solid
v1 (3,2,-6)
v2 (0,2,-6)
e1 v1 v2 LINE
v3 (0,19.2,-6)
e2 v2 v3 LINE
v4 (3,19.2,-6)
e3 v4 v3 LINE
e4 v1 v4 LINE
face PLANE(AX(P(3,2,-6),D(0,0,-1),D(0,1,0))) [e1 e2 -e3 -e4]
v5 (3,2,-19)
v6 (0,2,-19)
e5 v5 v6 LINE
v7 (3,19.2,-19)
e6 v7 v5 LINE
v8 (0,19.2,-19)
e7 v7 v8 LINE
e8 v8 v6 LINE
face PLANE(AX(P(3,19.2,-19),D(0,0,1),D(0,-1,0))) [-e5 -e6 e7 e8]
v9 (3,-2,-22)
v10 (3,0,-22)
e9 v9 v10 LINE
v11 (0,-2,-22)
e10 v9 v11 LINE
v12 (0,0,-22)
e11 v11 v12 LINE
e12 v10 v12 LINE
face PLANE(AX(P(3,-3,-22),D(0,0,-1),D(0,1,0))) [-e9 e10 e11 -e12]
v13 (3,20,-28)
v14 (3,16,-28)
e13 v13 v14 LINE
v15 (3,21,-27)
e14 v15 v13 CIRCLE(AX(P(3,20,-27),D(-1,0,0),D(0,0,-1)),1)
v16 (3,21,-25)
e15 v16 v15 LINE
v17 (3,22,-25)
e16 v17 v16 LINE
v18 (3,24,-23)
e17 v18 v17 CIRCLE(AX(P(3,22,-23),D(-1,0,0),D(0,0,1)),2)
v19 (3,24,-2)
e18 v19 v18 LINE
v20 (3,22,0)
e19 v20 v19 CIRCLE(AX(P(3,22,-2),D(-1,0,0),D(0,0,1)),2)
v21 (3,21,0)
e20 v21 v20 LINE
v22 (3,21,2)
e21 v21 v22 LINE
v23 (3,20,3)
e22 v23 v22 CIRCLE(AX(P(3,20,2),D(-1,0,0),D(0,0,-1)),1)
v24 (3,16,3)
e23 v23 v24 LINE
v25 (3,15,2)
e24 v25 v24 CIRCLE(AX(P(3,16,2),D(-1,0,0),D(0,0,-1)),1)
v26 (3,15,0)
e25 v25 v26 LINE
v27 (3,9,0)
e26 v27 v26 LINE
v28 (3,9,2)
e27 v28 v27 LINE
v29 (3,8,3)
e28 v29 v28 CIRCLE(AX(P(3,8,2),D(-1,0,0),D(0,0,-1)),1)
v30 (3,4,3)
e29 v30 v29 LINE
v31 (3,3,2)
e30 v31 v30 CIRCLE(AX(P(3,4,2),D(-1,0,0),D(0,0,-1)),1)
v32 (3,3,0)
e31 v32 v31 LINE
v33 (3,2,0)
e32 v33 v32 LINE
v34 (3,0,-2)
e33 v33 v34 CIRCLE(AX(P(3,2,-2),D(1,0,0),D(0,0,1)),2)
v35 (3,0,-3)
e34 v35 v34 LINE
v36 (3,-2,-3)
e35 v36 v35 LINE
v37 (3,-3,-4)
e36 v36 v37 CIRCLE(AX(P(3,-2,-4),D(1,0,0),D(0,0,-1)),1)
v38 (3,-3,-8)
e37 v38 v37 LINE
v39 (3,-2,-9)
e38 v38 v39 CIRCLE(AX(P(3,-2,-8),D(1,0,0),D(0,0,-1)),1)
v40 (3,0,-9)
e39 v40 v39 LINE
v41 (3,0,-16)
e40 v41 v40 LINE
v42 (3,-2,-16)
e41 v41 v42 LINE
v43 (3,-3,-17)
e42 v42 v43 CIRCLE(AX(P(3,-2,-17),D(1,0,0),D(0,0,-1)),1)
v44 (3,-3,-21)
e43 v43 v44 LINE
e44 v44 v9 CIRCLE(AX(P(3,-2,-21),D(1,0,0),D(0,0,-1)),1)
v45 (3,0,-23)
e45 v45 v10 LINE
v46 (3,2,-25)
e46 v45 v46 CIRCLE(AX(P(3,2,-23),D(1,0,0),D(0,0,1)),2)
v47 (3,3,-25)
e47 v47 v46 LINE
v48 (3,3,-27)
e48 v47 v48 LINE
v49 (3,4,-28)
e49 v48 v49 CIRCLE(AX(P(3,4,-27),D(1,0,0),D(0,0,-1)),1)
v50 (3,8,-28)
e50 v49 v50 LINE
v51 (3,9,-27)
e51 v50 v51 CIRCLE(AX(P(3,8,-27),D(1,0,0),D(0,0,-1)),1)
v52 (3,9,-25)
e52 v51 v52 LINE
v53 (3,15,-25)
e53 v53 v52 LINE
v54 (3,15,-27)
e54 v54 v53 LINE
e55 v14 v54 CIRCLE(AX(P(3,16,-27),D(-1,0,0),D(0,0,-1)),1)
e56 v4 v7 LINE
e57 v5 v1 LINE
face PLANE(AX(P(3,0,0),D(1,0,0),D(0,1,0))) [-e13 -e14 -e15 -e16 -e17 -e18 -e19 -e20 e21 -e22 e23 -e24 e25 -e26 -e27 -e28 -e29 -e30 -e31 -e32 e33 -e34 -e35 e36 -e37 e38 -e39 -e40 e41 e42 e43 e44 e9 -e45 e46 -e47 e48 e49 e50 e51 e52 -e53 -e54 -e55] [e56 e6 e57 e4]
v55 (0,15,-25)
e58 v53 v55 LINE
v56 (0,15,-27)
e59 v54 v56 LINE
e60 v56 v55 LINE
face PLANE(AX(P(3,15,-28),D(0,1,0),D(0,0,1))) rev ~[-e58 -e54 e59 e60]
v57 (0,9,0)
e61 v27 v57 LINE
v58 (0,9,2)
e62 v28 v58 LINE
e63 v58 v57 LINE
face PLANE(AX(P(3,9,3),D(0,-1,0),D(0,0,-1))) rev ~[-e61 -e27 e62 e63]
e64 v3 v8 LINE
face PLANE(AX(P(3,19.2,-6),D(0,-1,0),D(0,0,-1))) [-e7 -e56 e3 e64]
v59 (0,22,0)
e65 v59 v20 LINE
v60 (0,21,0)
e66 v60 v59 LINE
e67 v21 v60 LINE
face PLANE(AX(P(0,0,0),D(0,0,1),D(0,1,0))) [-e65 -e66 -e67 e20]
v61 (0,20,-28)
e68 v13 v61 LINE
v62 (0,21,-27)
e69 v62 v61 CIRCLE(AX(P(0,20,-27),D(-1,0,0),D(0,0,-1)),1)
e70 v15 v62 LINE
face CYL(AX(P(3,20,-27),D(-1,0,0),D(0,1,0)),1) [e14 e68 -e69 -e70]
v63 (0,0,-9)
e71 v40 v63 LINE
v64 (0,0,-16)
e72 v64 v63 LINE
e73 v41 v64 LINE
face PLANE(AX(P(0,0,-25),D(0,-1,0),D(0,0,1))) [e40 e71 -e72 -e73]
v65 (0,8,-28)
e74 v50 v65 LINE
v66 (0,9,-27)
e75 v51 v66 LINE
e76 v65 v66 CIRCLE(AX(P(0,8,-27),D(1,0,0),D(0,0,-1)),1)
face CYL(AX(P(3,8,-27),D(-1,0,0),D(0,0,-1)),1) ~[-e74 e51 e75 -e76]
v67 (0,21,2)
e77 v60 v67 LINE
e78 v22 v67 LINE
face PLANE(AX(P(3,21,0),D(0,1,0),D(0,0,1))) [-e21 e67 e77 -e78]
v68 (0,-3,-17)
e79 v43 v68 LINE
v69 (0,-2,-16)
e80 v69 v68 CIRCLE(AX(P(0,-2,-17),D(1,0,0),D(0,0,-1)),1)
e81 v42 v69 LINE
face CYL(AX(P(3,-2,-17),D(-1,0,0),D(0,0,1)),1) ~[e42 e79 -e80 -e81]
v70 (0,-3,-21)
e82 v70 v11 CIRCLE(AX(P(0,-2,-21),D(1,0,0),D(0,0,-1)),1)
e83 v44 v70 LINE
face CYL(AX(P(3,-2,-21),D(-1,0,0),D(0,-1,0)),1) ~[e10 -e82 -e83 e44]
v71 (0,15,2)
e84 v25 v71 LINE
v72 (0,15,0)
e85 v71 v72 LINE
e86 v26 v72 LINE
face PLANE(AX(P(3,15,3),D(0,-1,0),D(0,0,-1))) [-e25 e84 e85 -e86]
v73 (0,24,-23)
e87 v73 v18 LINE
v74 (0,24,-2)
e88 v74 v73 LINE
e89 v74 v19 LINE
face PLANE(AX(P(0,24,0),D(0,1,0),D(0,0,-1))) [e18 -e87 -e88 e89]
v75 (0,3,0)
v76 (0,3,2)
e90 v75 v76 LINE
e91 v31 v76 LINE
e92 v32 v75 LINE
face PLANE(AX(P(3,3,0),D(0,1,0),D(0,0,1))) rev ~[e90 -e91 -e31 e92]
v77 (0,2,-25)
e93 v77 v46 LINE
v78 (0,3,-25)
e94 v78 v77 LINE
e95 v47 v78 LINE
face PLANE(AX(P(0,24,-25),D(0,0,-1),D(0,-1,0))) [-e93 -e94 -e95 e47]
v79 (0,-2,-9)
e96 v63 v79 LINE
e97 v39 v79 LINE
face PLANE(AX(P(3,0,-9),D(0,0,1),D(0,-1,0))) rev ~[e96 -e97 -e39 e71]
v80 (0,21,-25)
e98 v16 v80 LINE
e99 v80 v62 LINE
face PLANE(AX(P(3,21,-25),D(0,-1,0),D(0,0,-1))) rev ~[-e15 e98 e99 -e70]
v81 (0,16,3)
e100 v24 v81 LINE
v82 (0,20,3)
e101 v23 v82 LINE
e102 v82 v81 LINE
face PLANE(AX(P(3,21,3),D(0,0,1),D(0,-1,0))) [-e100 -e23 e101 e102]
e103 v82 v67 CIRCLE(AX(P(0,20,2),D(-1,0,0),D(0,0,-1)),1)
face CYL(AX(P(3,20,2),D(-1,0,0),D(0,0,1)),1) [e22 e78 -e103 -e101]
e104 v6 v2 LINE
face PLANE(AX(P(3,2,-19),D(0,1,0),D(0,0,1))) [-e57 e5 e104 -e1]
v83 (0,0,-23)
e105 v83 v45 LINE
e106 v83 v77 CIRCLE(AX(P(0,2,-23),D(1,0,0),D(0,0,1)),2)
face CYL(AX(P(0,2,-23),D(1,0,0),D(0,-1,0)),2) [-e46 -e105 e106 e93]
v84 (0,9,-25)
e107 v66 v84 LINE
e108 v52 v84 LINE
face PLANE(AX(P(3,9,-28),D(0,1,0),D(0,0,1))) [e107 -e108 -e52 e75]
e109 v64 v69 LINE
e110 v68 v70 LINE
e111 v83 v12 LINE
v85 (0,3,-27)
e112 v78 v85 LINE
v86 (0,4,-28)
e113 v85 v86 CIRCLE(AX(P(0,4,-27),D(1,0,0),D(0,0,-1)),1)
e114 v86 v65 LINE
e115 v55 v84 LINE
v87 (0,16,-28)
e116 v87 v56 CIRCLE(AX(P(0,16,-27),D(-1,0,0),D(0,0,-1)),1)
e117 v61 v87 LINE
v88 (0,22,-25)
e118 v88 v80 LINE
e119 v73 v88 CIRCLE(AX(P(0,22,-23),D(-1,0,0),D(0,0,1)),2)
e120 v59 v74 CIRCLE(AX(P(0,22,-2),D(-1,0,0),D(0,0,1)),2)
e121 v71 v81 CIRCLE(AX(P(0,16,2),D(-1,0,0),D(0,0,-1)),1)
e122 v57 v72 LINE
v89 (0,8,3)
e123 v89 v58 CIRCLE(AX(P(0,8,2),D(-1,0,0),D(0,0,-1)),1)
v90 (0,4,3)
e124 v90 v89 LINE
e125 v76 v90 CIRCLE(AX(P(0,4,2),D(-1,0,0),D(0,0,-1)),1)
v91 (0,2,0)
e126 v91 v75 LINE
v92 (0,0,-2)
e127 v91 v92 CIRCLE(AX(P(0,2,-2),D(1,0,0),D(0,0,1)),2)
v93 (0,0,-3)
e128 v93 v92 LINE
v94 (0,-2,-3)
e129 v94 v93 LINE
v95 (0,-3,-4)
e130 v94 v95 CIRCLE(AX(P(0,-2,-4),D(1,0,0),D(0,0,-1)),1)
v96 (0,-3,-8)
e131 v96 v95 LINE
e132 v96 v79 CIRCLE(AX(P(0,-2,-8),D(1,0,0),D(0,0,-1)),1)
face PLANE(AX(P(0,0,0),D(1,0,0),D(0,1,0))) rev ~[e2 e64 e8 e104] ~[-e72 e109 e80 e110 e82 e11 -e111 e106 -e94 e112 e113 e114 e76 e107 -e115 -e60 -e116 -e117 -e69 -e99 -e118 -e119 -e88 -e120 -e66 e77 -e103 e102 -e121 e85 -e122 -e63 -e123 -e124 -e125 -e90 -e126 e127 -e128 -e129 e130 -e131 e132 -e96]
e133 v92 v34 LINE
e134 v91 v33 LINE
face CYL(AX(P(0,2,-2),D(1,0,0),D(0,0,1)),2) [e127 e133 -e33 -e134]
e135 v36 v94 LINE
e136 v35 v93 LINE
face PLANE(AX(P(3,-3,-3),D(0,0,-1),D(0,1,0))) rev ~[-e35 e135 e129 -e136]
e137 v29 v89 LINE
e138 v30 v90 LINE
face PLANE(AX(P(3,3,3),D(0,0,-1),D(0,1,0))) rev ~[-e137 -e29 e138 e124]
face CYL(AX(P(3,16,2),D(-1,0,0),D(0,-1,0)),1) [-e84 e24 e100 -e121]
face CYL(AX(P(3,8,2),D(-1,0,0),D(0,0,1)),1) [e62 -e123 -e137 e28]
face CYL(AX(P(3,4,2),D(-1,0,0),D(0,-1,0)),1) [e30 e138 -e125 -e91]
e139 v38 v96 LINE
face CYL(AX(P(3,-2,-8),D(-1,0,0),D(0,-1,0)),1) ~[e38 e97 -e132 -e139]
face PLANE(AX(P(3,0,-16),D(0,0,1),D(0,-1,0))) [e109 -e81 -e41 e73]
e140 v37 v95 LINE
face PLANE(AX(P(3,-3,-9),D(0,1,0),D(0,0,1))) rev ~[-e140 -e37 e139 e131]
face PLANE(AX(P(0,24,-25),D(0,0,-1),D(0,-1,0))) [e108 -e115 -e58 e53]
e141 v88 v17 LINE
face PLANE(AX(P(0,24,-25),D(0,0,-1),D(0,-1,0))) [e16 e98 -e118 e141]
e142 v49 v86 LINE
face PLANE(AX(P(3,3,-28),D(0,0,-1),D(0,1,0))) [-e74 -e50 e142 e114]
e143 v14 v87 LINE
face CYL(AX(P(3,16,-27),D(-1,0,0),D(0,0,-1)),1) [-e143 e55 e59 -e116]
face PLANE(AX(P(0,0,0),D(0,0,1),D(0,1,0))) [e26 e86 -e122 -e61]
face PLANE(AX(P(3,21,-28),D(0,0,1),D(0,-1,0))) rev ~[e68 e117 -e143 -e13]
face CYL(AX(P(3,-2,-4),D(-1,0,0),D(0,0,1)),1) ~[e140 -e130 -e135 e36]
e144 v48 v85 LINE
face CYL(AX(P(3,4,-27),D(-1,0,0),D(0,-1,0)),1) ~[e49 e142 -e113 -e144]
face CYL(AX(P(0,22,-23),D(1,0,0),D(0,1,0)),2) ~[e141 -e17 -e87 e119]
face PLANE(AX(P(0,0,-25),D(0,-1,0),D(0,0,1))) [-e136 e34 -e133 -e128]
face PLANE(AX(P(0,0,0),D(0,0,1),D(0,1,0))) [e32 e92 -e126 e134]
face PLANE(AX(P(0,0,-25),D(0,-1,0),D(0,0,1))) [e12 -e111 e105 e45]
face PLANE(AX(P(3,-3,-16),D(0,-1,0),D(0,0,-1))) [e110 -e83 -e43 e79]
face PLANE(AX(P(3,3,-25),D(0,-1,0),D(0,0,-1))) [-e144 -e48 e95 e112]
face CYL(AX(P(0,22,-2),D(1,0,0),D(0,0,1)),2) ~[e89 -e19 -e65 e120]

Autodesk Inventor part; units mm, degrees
ref_plane "YZ Plane" through (0, 0, 0) normal (1, 0, 0) x (0, 1, 0)
ref_plane "XZ Plane" through (0, 0, 0) normal (0, 1, 0) x (-1, 0, 0)
ref_plane "XY Plane" through (0, 0, 0) normal (0, 0, 1) x (1, 0, 0)
sketch "Sketch1" plane through (0, 0, 0) normal (1, 0, 0) x (0, 1, 0)
  line L0 (0, 0) -> (24, 0)
  line L1 (24, 0) -> (24, -25)
  line L2 (24, -25) -> (0, -25)
  line L3 (0, -25) -> (0, 0)
  dimension "d0" = 24
  dimension "d1" = 25
extrude "Front Plate" add sketch "Sketch1" along normal blind 3
sketch "Sketch2" plane through (3, 0, 0) normal (1, 0, 0) x (0, 0, -1)
  line L0 (0, 24) -> (0, 0) projected
  line L1 (0, 21) -> (-3, 21)
  line L2 (-3, 21) -> (-3, 15)
  line L3 (-3, 15) -> (0, 15)
  line L4 (0, 15) -> (0, 21)
  line L5 (25, 24) -> (0, 24) projected
  line L6 (12.5, -1.4018) -> (12.5, 28.9484)
  line L7 (29.0475, 12) -> (-9.9529, 12)
  line L8 (0, 3) -> (-3, 3)
  line L9 (-3, 3) -> (-3, 9)
  line L10 (-3, 9) -> (0, 9)
  line L11 (0, 9) -> (0, 3)
  line L12 (0, 0) -> (25, 0) projected
  line L13 (3, 0) -> (9, 0)
  line L14 (9, 0) -> (9, -3)
  line L15 (9, -3) -> (3, -3)
  line L16 (3, -3) -> (3, 0)
  line L17 (25, 21) -> (28, 21)
  line L18 (28, 21) -> (28, 15)
  line L19 (28, 15) -> (25, 15)
  line L20 (25, 15) -> (25, 21)
  line L21 (25, 3) -> (28, 3)
  line L22 (28, 3) -> (28, 9)
  line L23 (28, 9) -> (25, 9)
  line L24 (25, 9) -> (25, 3)
  line L25 (22, 0) -> (16, 0)
  line L26 (16, 0) -> (16, -3)
  line L27 (16, -3) -> (22, -3)
  line L28 (22, -3) -> (22, 0)
  point P0 (0, 9)
  point P1 (9, 0)
  point P2 (0, 15)
  dimension "d4" = 3
  dimension "d5" = 6
  dimension "d6" = 3
  dimension "d7" = 3
  dimension "d8" = 6
  dimension "d9" = 3
extrude "Pegs" add sketch "Sketch2" against normal blind 3 contours L12 L28 L27 L26 | L0 L3 L2 L1 | L0 L8 L9 L10 | L14 L15 L16 L12 | L17 L18 L19 L20 | L24 L23 L22 L21
sketch "Sketch3" plane through (3, 0, 0) normal (1, 0, 0) x (0, 0, -1)
  line L0 (6, 19.2) -> (19, 19.2)
  line L1 (19, 19.2) -> (19, 2)
  line L2 (19, 2) -> (6, 2)
  line L3 (6, 2) -> (6, 19.2)
  line L4 (25, 9) -> (25, 15) projected
  line L5 (0, 15) -> (0, 9) projected
  line L6 (25, 24) -> (0, 24) projected
  line L7 (9, 0) -> (16, 0) projected
  point P0 (0, 0)
  dimension "d12" = 6
  dimension "d13" = 6
  dimension "d14" = 4.8
  dimension "d15" = 2
extrude "Camera CutOut" cut sketch "Sketch3" against normal blind 3
fillet "PiCam Corner Radius" radius 2 4 edges at (1.5, 24, 0) (1.5, 24, -25) (1.5, 0, -25) (1.5, 0, 0)
fillet "Peg Fillet" radius 1 12 edges at (1.5, 21, 3) (1.5, 15, 3) (1.5, 9, 3) (1.5, 3, 3) (1.5, -3, -3) (1.5, -3, -9) (1.5, -3, -16) (1.5, -3, -22) (1.5, 3, -28) (1.5, 9, -28) (1.5, 15, -28) (1.5, 21, -28)
equation "\"d0\" = CameraHeight"
equation "\"d1\" = CameraWidth"
equation "\"d2\" = Acrylic"
equation "\"d4\" = Acrylic"
equation "\"d5\" = 0.25 * CameraHeight"
equation "\"d7\" = Acrylic"
equation "\"d8\" = d5"
equation "\"d9\" = d6"
equation "\"d10\" = Acrylic"
equation "\"d13\" = d12"
equation "\"d16\" = Acrylic"
equation "\"CameraHeight\" = 24"
equation "\"CameraWidth\" = 25"
equation "\"Acrylic\" = 3"
properties part number "FacePlate"
